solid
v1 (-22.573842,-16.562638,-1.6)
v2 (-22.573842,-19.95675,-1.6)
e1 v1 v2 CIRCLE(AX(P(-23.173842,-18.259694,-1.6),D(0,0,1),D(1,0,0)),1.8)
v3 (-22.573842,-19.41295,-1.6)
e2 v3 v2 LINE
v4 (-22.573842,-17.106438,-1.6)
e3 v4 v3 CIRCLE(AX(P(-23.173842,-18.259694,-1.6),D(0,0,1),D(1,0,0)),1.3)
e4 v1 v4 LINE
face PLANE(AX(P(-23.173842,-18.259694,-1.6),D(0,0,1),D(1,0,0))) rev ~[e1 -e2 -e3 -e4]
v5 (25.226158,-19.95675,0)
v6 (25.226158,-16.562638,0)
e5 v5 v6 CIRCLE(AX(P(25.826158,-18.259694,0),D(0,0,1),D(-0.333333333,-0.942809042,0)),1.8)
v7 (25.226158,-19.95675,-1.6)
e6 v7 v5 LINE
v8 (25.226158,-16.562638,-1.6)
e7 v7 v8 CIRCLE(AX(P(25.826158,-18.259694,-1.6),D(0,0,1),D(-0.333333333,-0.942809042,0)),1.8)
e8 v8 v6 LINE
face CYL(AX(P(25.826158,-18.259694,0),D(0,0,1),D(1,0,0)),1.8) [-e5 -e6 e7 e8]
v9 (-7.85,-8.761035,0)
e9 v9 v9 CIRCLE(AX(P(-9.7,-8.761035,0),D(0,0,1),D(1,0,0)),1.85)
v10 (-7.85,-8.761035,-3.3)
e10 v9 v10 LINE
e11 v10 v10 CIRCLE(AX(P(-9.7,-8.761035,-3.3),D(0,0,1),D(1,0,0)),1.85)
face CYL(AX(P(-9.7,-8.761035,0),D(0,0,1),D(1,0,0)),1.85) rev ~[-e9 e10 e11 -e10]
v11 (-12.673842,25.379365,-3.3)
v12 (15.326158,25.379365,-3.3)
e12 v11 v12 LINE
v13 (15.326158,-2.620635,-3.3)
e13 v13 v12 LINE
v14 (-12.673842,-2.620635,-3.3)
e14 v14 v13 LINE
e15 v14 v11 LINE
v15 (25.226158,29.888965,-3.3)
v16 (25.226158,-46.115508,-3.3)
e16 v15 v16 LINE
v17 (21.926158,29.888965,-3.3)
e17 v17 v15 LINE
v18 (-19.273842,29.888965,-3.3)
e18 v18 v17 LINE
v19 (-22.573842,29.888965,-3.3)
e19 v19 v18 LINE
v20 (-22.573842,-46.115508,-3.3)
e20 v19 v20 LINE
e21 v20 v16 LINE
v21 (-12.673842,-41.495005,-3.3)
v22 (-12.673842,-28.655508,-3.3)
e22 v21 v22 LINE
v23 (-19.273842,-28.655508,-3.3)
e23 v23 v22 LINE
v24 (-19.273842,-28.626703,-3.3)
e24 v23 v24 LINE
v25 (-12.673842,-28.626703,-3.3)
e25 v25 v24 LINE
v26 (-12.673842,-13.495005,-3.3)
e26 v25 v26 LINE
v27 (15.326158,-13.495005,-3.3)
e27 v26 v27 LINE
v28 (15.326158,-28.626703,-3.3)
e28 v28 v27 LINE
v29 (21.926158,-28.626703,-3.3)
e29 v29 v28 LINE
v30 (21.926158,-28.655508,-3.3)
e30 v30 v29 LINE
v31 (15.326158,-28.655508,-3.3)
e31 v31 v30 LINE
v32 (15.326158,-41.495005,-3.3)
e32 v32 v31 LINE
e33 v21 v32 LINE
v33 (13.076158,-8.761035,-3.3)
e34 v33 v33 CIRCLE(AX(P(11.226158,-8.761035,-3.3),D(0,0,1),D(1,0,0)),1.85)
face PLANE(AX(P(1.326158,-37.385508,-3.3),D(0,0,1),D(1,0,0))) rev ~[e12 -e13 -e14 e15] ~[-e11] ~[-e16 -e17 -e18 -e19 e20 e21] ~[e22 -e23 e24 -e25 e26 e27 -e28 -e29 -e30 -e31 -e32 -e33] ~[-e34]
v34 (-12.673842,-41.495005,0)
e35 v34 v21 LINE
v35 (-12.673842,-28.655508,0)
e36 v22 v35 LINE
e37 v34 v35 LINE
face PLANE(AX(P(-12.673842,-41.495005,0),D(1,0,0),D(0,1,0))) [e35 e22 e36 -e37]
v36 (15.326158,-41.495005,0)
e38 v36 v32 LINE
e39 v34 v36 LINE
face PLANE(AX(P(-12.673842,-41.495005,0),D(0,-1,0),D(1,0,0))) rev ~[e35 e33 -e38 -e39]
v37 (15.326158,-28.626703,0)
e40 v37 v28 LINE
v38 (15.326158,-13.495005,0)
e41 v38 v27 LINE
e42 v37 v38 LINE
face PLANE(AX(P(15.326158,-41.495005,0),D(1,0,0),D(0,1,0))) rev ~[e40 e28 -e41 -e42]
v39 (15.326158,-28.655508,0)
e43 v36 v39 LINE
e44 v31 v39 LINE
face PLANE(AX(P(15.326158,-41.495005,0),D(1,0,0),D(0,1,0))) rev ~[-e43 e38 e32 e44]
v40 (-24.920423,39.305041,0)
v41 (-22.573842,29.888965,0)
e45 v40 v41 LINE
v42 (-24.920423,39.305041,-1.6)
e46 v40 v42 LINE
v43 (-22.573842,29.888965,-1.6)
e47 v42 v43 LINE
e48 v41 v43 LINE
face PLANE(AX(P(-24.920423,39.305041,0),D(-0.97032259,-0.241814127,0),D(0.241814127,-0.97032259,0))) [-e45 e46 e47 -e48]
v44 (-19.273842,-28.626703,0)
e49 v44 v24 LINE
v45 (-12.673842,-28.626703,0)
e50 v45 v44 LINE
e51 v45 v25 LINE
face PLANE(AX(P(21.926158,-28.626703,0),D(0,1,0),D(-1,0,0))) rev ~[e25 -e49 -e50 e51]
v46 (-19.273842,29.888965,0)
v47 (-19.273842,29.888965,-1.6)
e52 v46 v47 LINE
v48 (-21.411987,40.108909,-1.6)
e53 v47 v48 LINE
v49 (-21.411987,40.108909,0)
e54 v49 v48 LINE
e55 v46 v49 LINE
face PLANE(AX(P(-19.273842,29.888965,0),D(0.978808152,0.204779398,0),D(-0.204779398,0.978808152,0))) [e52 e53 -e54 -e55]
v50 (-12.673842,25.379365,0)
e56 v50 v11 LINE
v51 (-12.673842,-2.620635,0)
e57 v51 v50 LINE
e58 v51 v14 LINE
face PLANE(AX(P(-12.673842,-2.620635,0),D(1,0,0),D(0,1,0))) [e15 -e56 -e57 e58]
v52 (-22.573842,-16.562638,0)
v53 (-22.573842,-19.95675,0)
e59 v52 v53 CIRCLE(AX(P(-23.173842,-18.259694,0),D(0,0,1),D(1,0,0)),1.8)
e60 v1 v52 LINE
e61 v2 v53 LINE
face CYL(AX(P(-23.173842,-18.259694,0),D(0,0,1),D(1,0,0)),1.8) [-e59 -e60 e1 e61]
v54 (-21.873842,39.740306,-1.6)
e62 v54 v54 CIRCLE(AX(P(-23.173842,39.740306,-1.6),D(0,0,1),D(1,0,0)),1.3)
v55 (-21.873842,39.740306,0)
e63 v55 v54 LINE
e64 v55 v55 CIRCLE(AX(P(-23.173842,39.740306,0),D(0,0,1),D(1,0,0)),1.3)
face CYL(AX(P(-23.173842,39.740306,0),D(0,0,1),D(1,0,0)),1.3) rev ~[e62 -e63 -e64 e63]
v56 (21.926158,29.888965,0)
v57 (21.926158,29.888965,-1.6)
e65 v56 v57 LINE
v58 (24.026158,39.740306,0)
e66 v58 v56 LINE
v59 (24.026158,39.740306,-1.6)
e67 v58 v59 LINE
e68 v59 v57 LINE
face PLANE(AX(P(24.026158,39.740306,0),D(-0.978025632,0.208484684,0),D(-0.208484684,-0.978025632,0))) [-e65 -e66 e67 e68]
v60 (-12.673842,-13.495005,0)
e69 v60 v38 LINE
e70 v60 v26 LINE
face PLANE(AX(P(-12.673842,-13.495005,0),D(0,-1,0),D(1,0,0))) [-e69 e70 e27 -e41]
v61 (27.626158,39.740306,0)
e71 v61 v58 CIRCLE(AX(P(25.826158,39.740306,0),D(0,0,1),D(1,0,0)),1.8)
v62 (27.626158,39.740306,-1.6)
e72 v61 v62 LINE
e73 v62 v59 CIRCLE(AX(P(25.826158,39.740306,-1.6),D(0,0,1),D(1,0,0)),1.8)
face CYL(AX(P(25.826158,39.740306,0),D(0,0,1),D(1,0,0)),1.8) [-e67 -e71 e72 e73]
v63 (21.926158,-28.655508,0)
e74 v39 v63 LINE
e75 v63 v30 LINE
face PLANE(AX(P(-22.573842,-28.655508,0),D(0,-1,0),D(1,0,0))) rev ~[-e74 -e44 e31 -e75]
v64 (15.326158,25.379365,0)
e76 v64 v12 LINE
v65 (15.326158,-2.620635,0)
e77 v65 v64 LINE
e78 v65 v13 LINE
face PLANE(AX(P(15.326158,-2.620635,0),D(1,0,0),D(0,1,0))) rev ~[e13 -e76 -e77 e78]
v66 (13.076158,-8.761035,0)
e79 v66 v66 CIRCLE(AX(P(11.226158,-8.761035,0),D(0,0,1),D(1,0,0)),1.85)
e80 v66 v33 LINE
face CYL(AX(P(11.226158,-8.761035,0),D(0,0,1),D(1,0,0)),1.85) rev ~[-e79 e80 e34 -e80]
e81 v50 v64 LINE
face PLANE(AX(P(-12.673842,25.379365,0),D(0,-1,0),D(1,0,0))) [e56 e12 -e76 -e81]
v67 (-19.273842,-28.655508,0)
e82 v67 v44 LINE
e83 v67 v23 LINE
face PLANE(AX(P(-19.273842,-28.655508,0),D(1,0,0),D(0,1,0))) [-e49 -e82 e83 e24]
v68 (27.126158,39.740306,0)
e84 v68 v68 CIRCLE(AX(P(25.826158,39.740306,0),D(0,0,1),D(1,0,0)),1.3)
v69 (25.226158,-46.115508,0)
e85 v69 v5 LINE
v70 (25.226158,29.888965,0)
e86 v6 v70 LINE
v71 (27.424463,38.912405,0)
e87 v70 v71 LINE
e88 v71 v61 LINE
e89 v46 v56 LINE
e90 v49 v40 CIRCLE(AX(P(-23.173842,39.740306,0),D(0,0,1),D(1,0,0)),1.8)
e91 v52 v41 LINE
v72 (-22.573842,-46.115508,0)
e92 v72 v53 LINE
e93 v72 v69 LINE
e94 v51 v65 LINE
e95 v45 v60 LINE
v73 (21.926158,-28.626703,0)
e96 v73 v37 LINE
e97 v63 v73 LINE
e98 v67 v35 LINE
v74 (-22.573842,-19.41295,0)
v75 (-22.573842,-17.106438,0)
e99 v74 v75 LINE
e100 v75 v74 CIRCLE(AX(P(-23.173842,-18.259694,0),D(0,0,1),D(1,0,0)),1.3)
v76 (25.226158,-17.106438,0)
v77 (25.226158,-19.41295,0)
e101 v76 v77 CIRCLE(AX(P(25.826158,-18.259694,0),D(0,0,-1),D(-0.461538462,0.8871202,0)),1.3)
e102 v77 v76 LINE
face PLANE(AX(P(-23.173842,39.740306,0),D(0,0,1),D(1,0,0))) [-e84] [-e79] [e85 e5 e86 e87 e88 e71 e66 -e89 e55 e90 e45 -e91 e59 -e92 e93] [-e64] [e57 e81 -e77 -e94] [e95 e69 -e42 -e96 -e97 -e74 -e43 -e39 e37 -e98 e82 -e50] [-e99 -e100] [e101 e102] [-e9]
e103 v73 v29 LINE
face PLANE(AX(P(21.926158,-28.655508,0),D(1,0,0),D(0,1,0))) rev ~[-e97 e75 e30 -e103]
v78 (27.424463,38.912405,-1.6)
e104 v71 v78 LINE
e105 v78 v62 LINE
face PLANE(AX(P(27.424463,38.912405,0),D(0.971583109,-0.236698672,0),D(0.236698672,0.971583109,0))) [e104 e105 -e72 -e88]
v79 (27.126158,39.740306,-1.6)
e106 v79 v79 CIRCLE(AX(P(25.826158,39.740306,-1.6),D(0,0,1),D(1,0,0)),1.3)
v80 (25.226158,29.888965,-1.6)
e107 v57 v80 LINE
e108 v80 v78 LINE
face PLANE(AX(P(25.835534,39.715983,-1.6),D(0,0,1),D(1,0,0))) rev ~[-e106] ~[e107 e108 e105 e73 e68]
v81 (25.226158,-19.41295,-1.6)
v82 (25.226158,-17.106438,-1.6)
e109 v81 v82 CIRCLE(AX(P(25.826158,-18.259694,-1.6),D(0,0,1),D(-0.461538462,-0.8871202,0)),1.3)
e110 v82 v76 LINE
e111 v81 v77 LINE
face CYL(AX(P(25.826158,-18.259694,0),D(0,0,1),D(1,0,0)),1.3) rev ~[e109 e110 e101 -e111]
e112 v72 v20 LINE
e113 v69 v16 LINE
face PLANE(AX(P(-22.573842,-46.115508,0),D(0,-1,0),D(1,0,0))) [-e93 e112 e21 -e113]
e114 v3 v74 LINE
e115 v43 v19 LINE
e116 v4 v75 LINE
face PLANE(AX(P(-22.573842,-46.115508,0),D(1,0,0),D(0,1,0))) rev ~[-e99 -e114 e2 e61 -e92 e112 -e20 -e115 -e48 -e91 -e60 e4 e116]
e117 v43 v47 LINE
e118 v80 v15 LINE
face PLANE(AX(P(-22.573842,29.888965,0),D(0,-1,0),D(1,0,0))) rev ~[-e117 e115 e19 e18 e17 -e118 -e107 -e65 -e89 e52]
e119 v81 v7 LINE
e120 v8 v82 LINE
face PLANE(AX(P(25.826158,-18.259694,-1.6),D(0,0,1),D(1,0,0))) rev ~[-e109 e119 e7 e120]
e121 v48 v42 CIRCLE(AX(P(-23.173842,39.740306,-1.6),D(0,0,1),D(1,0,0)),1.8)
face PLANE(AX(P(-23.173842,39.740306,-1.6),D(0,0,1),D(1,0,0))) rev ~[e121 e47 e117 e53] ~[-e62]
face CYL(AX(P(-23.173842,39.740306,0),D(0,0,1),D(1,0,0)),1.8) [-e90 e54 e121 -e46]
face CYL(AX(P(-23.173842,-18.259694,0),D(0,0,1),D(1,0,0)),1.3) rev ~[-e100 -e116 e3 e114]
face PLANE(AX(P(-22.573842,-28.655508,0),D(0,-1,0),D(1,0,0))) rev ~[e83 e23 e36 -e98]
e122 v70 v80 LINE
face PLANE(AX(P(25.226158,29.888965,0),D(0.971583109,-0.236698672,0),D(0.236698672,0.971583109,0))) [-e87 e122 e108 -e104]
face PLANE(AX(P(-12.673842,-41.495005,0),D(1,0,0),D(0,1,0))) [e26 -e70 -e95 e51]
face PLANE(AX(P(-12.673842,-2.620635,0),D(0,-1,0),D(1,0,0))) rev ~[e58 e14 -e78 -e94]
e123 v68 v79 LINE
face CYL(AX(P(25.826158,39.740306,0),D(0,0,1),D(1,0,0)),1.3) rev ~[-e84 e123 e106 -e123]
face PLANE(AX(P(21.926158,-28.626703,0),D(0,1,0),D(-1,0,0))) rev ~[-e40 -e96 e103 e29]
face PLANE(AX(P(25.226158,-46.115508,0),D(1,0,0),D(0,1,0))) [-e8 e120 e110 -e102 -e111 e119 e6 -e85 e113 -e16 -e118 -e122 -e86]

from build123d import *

# Parameters (mm, degrees)
SKETCH_1_R          = 1.85
EXTRUDE_1_DEPTH     = 3.3
SKETCH_2_W          = 3.3
SKETCH_2_H          = 58.544472475
EXTRUDE_2_DEPTH     = 3.3
EXTRUDE_2_2_DEPTH   = 3.3
SKETCH_3_W          = 47.8
SKETCH_3_H          = 17.46
EXTRUDE_3_DEPTH     = 3.3
SKETCH_4_W          = 28
SKETCH_4_H          = 28
CUT_EXTRUDE_2_DEPTH = 3.3
SKETCH_5_R          = 1.8
SKETCH_5_R_2        = 1.3
EXTRUDE_4_DEPTH     = 1.6


with BuildPart() as part:
    # 草圖1 → 填料-伸長1 (new body)
    with BuildSketch(Plane.XY):
        Polygon((21.926158038, 28.738964578), (21.926158038, -28.626702997), (-19.273841962, -28.626702997), (-19.273841962, 28.738964578), (-19.273841962, 29.888964578), (21.926158038, 29.888964578), align=None)
        with Locations((11.226158038, -8.761035422)):
            Circle(SKETCH_1_R, mode=Mode.SUBTRACT)
        with Locations((-9.7, -8.761035422)):
            Circle(SKETCH_1_R, mode=Mode.SUBTRACT)
    extrude(amount=-EXTRUDE_1_DEPTH)


with BuildPart() as body_2:
    # 草圖2 → 填料-伸長2 (new body)
    with BuildSketch(Plane.XY):
        with Locations((23.576158038, 0.61672834)):
            Rectangle(SKETCH_2_W, SKETCH_2_H)
    extrude(amount=-EXTRUDE_2_DEPTH)



with BuildPart() as body_3:
    # 草圖2 → Extrude 2 2 (new body)
    with BuildSketch(Plane.XY):
        with Locations((-20.923841962, 0.61672834)):
            Rectangle(SKETCH_2_W, SKETCH_2_H)
    extrude(amount=-EXTRUDE_2_2_DEPTH)


with BuildPart() as body_2_1:
    add(body_2.part)

    add(body_3.part)  # 填料-伸長3 merges body 3
    # 草圖3 → 填料-伸長3 (add)
    with BuildSketch(Plane.XY):
        with Locations((1.326158038, -37.385507897)):
            Rectangle(SKETCH_3_W, SKETCH_3_H)
    extrude(amount=-EXTRUDE_3_DEPTH)


with BuildPart() as cut_extrude_2_tool:
    # 草圖4 → 除料-伸長2 (new body)
    with BuildSketch(Plane.XY):
        with Locations((1.326158038, -27.495005481)):
            Rectangle(SKETCH_4_W, SKETCH_4_H)
        with Locations((1.326158038, 11.379364932)):
            Rectangle(SKETCH_4_W, SKETCH_4_H)
    extrude(amount=-CUT_EXTRUDE_2_DEPTH)


with BuildPart() as part_1:
    add(part.part)

    # 除料-伸長2: cut by cut_extrude_2_tool
    add(cut_extrude_2_tool.part, mode=Mode.SUBTRACT)



with BuildPart() as body_2_2:
    add(body_2_1.part)

    # 除料-伸長2: cut by cut_extrude_2_tool
    add(cut_extrude_2_tool.part, mode=Mode.SUBTRACT)


with BuildPart() as part_2:
    add(part_1.part)

    add(body_2_2.part)  # 填料-伸長4 merges body 2
    # 草圖5 → 填料-伸長4 (add)
    with BuildSketch(Plane.XY):
        with Locations((-23.173841962, 39.740306118)):
            Circle(SKETCH_5_R)
        with Locations((-23.173841962, 39.740306118)):
            Circle(SKETCH_5_R_2, mode=Mode.SUBTRACT)
        with BuildLine():
            Line((-24.920422623, 39.305040689), (-22.573841962, 29.888964578))
            Line((-22.573841962, 29.888964578), (-19.273841962, 29.888964578))
            Line((-19.273841962, 29.888964578), (-21.411987289, 40.108909035))
            ThreePointArc((-21.411987289, 40.108909035), (-21.38340369, 39.925591827), (-21.373841962, 39.740306118))
            ThreePointArc((-21.373841962, 39.740306118), (-22.954576359, 37.953710866), (-24.920422623, 39.305040689))
        make_face()
        with BuildLine():
            ThreePointArc((27.626158038, 39.740306118), (25.826158038, 41.540306118), (24.026158038, 39.740306118))
            ThreePointArc((24.026158038, 39.740306118), (25.400100428, 37.991456521), (27.424463497, 38.912405363))
            Line((27.424463497, 38.912405363), (27.626158038, 39.740306118))
        make_face()
        with Locations((25.826158038, 39.740306118)):
            Circle(SKETCH_5_R_2, mode=Mode.SUBTRACT)
        with BuildLine():
            ThreePointArc((27.424463497, 38.912405363), (25.400100428, 37.991456521), (24.026158038, 39.740306118))
            Line((24.026158038, 39.740306118), (21.926158038, 29.888964578))
            Line((21.926158038, 29.888964578), (25.226158038, 29.888964578))
            Line((25.226158038, 29.888964578), (27.424463497, 38.912405363))
        make_face()
        with Locations((-23.173841962, -18.259693882)):
            Circle(SKETCH_5_R)
        with Locations((-23.173841962, -18.259693882)):
            Circle(SKETCH_5_R_2, mode=Mode.SUBTRACT)
        with Locations((25.826158038, -18.259693882)):
            Circle(SKETCH_5_R)
        with Locations((25.826158038, -18.259693882)):
            Circle(SKETCH_5_R_2, mode=Mode.SUBTRACT)
    extrude(amount=-EXTRUDE_4_DEPTH)


solid = part_2.part
